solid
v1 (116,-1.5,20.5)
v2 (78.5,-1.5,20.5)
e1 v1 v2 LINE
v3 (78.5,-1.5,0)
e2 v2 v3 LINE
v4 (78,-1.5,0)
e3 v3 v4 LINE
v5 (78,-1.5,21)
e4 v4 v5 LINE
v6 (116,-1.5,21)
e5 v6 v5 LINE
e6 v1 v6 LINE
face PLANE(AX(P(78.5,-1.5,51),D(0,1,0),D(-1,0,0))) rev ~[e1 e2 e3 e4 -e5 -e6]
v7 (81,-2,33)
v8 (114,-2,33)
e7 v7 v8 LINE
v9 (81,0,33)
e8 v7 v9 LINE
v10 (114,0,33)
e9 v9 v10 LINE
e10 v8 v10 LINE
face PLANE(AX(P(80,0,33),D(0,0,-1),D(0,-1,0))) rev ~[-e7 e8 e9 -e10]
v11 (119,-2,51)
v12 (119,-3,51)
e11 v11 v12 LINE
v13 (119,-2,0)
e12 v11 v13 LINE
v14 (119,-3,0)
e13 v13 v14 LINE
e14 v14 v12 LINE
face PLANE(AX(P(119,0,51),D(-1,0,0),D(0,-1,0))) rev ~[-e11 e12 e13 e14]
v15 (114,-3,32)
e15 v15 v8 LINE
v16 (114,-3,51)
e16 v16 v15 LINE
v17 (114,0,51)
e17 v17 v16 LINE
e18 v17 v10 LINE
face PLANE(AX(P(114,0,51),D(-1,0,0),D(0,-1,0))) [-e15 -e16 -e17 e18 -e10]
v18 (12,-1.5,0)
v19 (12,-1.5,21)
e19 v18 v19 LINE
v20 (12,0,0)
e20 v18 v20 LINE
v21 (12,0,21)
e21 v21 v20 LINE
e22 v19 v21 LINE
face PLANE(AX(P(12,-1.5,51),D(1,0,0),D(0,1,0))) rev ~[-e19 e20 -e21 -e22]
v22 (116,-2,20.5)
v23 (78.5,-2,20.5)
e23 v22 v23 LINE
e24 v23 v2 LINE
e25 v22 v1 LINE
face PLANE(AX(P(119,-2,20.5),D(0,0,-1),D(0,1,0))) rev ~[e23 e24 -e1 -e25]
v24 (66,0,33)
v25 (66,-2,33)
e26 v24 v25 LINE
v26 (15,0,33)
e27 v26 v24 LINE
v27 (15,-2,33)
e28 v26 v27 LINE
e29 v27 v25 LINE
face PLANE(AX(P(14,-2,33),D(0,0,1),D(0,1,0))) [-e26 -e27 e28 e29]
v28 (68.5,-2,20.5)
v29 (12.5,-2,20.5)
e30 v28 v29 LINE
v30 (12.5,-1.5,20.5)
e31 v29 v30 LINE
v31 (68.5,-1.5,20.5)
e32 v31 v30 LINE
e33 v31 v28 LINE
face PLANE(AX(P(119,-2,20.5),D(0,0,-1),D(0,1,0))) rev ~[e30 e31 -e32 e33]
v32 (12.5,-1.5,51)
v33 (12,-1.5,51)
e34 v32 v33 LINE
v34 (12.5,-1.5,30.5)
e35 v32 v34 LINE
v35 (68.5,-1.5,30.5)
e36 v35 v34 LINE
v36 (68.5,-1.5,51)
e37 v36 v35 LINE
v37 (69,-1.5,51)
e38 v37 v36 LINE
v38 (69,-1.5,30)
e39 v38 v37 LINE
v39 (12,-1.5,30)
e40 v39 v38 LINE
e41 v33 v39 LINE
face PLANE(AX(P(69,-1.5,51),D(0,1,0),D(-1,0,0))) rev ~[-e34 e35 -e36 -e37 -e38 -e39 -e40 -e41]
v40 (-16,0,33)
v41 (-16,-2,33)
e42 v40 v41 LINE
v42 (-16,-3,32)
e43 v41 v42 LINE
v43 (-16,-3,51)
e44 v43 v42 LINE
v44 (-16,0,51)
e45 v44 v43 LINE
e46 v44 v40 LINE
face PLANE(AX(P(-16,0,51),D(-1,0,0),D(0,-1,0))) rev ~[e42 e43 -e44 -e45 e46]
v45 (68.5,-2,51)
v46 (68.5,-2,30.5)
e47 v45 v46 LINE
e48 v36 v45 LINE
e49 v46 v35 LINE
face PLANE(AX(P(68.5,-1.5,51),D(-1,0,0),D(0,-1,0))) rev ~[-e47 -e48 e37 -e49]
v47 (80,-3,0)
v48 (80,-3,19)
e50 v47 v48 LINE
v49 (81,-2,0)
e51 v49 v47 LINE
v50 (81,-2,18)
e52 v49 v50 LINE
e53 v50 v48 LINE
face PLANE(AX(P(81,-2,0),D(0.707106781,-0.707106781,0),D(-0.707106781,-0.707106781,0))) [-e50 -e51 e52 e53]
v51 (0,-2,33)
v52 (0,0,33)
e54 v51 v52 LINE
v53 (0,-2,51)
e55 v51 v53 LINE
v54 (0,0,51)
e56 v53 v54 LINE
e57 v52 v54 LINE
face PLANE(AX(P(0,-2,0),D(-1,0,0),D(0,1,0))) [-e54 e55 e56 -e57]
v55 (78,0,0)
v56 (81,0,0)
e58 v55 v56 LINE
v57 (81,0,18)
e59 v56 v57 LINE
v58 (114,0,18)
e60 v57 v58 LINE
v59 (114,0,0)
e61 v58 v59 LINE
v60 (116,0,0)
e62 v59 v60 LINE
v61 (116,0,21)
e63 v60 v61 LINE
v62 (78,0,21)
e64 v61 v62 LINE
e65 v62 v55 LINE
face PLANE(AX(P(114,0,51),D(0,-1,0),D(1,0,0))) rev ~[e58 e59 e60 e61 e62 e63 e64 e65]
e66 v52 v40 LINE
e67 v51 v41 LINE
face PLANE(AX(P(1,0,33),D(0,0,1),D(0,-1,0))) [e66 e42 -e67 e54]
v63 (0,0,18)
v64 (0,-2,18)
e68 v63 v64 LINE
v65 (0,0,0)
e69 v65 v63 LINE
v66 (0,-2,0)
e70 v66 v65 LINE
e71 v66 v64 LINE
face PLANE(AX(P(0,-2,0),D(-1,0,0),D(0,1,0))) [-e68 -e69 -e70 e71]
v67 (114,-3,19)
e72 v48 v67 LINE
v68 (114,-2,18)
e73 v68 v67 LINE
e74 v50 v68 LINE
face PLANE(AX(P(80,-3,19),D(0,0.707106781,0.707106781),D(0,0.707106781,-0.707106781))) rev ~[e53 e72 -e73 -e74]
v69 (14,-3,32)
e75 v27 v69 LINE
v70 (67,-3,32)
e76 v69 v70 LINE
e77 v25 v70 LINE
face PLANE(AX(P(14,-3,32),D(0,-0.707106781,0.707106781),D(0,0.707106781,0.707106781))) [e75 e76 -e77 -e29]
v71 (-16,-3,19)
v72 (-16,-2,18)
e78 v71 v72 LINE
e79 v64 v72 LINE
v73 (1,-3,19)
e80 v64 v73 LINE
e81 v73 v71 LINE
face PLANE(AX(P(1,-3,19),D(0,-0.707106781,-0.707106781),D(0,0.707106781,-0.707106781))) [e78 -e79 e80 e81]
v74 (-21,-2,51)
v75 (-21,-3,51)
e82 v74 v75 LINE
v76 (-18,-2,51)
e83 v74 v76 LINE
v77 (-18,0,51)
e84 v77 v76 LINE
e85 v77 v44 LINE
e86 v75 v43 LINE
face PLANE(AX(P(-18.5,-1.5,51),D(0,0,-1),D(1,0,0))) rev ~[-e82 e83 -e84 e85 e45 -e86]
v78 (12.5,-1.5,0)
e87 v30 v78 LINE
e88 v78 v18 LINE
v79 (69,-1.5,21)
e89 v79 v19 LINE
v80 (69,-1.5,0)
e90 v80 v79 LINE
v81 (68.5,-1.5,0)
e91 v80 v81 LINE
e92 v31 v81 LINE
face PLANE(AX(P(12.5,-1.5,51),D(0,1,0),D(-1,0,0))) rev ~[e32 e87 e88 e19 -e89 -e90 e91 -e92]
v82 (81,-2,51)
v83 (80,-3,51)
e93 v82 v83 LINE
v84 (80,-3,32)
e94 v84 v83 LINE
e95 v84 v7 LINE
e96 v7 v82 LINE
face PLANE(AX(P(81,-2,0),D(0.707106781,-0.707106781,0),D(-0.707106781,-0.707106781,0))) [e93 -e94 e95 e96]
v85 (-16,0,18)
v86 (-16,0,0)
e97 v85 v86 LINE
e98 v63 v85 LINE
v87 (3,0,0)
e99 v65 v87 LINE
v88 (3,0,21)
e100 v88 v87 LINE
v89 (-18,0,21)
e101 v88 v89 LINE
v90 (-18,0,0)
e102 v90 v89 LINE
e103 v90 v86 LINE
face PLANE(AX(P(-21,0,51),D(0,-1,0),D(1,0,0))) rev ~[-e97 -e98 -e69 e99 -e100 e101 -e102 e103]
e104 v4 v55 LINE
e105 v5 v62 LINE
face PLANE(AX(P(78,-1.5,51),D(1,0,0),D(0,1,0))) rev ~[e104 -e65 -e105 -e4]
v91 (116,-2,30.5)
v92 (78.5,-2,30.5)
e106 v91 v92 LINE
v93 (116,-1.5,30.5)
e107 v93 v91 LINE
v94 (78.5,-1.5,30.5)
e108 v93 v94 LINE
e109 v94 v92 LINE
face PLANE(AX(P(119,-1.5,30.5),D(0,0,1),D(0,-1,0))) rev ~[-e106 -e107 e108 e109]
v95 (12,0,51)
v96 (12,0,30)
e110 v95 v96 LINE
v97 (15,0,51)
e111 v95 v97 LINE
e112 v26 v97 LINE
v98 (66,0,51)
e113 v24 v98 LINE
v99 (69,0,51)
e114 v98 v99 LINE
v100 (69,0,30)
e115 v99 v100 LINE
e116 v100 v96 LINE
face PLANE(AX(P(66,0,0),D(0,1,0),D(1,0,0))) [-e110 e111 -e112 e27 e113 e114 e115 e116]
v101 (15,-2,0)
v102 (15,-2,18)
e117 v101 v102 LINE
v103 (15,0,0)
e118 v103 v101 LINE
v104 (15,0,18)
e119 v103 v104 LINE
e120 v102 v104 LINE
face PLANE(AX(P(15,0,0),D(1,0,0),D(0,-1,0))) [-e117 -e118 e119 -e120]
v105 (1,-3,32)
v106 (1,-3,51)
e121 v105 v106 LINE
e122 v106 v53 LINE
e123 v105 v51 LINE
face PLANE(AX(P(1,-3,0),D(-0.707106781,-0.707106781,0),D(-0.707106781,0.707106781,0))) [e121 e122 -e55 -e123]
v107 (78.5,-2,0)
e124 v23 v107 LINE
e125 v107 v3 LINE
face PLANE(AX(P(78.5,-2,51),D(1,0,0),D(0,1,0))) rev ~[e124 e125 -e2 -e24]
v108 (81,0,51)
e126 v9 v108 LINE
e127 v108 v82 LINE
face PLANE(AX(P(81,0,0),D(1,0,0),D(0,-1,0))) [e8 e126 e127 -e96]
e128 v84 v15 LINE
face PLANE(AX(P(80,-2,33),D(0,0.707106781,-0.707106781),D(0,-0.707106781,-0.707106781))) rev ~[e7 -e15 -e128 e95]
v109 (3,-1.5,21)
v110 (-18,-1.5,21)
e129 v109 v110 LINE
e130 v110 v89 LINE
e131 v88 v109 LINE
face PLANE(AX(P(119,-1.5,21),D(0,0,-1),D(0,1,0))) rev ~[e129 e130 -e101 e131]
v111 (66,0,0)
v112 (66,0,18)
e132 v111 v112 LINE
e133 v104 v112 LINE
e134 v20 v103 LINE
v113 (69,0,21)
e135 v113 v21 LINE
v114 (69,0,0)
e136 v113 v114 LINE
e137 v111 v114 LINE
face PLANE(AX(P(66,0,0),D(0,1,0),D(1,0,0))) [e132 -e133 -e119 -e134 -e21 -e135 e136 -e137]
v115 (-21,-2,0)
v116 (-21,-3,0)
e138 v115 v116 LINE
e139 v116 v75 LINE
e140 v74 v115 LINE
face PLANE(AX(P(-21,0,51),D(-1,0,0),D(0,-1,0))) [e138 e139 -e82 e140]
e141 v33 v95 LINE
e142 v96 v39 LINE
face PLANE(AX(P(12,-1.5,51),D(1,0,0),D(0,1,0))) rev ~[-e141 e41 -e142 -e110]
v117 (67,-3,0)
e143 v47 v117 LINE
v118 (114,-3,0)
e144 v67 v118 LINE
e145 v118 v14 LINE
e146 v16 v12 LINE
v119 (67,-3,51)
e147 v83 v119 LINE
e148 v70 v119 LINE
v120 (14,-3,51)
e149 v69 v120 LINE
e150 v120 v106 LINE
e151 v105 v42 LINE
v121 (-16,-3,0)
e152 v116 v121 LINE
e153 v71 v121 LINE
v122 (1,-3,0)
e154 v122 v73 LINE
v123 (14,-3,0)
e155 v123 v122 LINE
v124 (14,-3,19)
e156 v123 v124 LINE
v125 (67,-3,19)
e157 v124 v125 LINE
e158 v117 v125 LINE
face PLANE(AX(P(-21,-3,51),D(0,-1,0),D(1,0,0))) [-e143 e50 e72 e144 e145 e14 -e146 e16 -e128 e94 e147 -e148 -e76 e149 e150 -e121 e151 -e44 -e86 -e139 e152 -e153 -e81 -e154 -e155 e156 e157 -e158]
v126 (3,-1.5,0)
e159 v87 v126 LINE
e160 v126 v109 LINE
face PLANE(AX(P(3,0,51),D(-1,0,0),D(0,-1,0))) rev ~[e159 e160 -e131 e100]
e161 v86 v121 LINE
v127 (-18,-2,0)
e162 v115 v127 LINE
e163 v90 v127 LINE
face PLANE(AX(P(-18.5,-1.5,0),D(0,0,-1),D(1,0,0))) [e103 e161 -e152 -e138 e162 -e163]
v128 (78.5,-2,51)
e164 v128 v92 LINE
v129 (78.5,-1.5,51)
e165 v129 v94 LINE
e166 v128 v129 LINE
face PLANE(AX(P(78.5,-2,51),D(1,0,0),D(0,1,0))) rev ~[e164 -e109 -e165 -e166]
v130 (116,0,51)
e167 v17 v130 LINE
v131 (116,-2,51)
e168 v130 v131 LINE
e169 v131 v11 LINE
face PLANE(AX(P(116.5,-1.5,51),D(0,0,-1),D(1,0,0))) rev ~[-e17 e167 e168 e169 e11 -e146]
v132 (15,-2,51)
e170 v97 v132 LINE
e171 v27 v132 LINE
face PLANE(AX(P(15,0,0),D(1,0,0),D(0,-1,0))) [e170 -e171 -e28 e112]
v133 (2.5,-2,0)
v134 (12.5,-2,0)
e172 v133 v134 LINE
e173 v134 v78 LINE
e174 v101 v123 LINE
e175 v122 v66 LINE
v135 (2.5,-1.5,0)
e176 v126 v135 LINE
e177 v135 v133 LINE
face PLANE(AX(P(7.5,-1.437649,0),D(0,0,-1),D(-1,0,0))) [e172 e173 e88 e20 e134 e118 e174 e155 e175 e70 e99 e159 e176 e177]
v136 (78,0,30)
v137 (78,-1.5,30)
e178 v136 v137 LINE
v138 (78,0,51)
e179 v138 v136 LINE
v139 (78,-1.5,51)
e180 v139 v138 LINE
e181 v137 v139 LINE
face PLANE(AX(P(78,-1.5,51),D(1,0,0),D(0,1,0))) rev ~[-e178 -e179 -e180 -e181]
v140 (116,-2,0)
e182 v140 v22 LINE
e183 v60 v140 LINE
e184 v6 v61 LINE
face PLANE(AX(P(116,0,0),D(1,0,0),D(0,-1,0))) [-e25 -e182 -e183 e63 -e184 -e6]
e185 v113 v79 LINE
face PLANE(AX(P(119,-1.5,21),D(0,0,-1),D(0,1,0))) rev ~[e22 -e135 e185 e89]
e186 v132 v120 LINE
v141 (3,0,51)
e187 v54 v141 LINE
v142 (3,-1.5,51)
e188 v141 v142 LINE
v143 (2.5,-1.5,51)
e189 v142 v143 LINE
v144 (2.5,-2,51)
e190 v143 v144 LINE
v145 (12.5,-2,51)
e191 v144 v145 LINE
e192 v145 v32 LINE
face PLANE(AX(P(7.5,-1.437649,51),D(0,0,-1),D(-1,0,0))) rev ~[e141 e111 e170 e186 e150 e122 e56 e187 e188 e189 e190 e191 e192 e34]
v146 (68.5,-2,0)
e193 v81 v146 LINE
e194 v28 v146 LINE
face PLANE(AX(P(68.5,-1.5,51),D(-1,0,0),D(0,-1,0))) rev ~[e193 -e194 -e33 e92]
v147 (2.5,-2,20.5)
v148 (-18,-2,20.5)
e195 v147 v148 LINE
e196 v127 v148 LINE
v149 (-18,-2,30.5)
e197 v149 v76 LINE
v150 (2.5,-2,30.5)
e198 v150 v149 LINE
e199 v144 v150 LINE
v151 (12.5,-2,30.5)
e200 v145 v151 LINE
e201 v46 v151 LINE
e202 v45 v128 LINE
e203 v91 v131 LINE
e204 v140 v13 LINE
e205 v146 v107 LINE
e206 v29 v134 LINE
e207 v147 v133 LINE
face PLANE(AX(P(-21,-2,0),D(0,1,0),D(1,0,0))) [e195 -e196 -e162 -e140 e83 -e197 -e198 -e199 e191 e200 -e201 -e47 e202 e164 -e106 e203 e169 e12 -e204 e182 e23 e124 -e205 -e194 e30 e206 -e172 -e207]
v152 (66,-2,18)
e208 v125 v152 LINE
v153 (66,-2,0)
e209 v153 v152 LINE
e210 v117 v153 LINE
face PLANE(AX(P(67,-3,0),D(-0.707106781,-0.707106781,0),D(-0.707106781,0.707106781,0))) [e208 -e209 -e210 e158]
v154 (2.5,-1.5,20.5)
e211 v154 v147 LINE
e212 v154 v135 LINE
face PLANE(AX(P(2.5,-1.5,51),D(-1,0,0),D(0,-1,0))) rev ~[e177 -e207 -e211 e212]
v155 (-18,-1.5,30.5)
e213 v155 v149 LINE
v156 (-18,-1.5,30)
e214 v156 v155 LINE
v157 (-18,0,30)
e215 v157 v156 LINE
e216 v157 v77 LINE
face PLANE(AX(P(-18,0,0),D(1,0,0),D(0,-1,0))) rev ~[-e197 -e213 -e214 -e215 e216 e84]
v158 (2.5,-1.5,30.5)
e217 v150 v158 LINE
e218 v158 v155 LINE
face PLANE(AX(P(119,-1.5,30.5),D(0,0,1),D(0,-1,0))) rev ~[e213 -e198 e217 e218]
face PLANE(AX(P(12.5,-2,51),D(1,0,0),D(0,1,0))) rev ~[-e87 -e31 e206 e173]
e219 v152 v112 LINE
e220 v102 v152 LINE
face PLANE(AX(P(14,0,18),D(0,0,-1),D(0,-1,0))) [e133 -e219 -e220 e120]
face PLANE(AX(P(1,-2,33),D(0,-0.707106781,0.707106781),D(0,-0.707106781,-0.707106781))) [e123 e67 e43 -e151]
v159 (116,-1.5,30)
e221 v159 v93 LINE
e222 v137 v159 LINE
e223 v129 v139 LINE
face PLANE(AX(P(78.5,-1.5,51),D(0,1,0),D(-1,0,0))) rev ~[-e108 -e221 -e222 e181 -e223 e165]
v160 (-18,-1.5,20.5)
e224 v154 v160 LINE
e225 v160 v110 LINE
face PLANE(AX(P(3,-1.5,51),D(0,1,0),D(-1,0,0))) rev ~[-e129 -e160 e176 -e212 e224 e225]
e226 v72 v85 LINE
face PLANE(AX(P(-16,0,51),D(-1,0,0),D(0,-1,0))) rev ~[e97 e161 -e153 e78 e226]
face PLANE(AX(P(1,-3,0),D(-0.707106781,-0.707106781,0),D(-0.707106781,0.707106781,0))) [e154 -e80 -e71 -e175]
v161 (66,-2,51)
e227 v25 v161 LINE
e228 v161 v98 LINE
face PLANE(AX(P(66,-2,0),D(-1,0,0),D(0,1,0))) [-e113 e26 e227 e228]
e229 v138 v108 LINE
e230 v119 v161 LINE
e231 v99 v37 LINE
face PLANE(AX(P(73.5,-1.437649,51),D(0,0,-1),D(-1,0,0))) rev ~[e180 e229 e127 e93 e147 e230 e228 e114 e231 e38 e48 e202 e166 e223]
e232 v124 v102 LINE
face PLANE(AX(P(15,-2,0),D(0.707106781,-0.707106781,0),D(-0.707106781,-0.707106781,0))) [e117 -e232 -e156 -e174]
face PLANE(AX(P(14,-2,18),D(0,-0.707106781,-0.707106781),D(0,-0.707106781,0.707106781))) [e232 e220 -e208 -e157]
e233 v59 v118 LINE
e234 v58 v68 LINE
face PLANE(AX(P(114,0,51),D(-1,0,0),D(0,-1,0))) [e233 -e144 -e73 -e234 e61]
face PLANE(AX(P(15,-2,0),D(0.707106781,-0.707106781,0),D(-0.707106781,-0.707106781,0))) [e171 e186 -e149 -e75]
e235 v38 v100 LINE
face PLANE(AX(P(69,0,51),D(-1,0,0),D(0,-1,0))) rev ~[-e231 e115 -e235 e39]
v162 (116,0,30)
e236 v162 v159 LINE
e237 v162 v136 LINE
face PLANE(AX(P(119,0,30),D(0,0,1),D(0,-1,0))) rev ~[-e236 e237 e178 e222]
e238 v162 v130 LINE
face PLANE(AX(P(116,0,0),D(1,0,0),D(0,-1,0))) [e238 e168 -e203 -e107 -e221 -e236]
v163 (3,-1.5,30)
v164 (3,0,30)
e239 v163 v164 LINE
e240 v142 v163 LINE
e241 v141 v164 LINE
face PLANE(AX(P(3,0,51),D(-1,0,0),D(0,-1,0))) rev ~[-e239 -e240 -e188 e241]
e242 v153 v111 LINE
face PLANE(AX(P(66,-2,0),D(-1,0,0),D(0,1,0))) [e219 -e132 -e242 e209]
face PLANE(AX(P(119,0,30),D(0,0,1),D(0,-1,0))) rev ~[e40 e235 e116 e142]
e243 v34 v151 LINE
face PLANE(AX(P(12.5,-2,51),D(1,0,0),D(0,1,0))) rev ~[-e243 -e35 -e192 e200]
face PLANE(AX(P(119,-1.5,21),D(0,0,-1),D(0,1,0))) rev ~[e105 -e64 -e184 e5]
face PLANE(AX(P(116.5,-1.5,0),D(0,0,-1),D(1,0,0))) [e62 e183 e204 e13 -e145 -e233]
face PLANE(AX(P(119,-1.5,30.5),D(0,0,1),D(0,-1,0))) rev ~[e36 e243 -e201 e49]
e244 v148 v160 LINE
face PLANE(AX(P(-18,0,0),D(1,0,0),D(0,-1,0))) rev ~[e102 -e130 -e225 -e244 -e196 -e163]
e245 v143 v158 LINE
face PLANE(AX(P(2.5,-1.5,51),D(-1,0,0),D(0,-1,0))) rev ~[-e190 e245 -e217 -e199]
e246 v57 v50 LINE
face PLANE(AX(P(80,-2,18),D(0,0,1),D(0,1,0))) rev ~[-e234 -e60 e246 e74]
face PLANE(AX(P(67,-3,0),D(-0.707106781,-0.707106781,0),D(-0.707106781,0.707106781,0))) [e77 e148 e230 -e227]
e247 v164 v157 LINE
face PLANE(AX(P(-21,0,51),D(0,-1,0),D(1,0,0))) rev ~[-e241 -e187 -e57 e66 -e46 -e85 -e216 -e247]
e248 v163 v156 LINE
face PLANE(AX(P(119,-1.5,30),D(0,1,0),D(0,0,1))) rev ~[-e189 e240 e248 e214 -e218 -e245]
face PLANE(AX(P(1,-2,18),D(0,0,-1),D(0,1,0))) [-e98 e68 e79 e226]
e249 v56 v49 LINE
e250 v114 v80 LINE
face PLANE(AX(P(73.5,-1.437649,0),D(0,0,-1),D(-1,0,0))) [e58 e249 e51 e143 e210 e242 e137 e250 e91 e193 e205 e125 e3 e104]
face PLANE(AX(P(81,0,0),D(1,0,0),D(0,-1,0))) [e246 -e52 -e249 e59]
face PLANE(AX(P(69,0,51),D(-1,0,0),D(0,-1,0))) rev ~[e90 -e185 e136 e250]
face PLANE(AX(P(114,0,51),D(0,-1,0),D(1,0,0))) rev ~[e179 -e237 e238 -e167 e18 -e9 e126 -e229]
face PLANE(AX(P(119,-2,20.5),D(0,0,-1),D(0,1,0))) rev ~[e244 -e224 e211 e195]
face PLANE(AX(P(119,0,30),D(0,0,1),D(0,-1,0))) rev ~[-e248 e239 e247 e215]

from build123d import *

# Parameters (mm, degrees)
PAD_DEPTH       = 51
PAD001_DEPTH    = 53
PAD002_DEPTH    = 51
POCKET_DEPTH    = 51
POCKET001_DEPTH = 51
PAD003_DEPTH    = 39
PAD004_DEPTH    = 22
SKETCH009_W     = 5
SKETCH009_H     = 3
PAD005_DEPTH    = 51
SKETCH010_W     = 3
SKETCH010_H     = 2
POCKET002_DEPTH = 51
SKETCH011_W     = 5
SKETCH011_H     = 3
PAD006_DEPTH    = 51
SKETCH012_W     = 3
SKETCH012_H     = 2
POCKET003_DEPTH = 51
POCKET004_DEPTH = 140


with BuildPart() as part:
    # Sketch → Pad (new body)
    with BuildSketch(Plane.XY):
        Polygon((1, -3), (0, -2), (0, 0), (15, 0), (15, -2), (14, -3), align=None)
    extrude(amount=PAD_DEPTH)

    # Sketch001 (on Face4 of Pad) → Pad001 (join)
    with BuildSketch(Plane.YZ.offset(14)):
        Polygon((0, 33), (0, 18), (-2, 18), (-3, 19), (-3, 32), (-2, 33), align=None)
    extrude(amount=PAD001_DEPTH)

    # Sketch002 (on Face17 of Pad001) → Pad002 (join)
    with BuildSketch(Plane.XY):
        Polygon((66, 0), (81, 0), (81, -2), (80, -3), (67, -3), (66, -2), align=None)
    extrude(amount=PAD002_DEPTH)

    # Sketch003 (on Face5 of Pad002) → Pocket (cut)
    with BuildSketch(Plane.XY.offset(51)):
        Polygon((3, 0), (3, -1.5), (2.5, -1.5), (2.5, -2), (12.5, -2), (12.5, -1.5), (12, -1.5), (12, 0), align=None)
    extrude(amount=-POCKET_DEPTH, mode=Mode.SUBTRACT)

    # Sketch004 (on Face30 of Pocket) → Pocket001 (cut)
    with BuildSketch(Plane.XY.offset(51)):
        Polygon((78, 0), (69, 0), (69, -1.5), (68.5, -1.5), (68.5, -2), (78.5, -2), (78.5, -1.5), (78, -1.5), align=None)
    extrude(amount=-POCKET001_DEPTH, mode=Mode.SUBTRACT)

    # Sketch006 → Pad003 (join)
    with BuildSketch(Plane.YZ.offset(80)):
        Polygon((0, 33), (-2, 33), (-3, 32), (-3, 19), (-2, 18), (0, 18), align=None)
    extrude(amount=PAD003_DEPTH)

    # Sketch007 (on Face3 of Pad003) → Pad004 (join)
    with BuildSketch(Plane(origin=(1, 0, 0), x_dir=(0, -1, 0), z_dir=(-1, 0, 0))):
        Polygon((0, 33), (2, 33), (3, 32), (3, 19), (2, 18), (0, 18), align=None)
    extrude(amount=PAD004_DEPTH)

    # Sketch009 (on Face61 of Pad004) → Pad005 (join)
    with BuildSketch(Plane(origin=(0, 0, 51), x_dir=(1, 0, 0), z_dir=(0, 0, -1))):
        with Locations((116.5, 1.5)):
            Rectangle(SKETCH009_W, SKETCH009_H)
    extrude(amount=PAD005_DEPTH)

    # Sketch010 (on Face70 of Pad005) → Pocket002 (cut)
    with BuildSketch(Plane(origin=(0, 0, 0), x_dir=(1, 0, 0), z_dir=(0, 0, -1))):
        with Locations((117.5, 1)):
            Rectangle(SKETCH010_W, SKETCH010_H)
    extrude(amount=-POCKET002_DEPTH, mode=Mode.SUBTRACT)

    # Sketch011 (on Face17 of Pocket002) → Pad006 (join)
    with BuildSketch(Plane(origin=(0, 0, 51), x_dir=(1, 0, 0), z_dir=(0, 0, -1))):
        with Locations((-18.5, 1.5)):
            Rectangle(SKETCH011_W, SKETCH011_H)
    extrude(amount=PAD006_DEPTH)

    # Sketch012 (on Face32 of Pad006) → Pocket003 (cut)
    with BuildSketch(Plane(origin=(0, 0, 0), x_dir=(1, 0, 0), z_dir=(0, 0, -1))):
        with Locations((-19.5, 1)):
            Rectangle(SKETCH012_W, SKETCH012_H)
    extrude(amount=-POCKET003_DEPTH, mode=Mode.SUBTRACT)

    # Sketch008 (on Face51 of Pad004) → Pocket004 (cut)
    with BuildSketch(Plane.YZ.offset(119)):
        Polygon((0, 30), (-1.5, 30), (-1.5, 30.5), (-2, 30.5), (-2, 20.5), (-1.5, 20.5), (-1.5, 21), (0, 21), align=None)
    extrude(amount=-POCKET004_DEPTH, mode=Mode.SUBTRACT)


solid = part.part
